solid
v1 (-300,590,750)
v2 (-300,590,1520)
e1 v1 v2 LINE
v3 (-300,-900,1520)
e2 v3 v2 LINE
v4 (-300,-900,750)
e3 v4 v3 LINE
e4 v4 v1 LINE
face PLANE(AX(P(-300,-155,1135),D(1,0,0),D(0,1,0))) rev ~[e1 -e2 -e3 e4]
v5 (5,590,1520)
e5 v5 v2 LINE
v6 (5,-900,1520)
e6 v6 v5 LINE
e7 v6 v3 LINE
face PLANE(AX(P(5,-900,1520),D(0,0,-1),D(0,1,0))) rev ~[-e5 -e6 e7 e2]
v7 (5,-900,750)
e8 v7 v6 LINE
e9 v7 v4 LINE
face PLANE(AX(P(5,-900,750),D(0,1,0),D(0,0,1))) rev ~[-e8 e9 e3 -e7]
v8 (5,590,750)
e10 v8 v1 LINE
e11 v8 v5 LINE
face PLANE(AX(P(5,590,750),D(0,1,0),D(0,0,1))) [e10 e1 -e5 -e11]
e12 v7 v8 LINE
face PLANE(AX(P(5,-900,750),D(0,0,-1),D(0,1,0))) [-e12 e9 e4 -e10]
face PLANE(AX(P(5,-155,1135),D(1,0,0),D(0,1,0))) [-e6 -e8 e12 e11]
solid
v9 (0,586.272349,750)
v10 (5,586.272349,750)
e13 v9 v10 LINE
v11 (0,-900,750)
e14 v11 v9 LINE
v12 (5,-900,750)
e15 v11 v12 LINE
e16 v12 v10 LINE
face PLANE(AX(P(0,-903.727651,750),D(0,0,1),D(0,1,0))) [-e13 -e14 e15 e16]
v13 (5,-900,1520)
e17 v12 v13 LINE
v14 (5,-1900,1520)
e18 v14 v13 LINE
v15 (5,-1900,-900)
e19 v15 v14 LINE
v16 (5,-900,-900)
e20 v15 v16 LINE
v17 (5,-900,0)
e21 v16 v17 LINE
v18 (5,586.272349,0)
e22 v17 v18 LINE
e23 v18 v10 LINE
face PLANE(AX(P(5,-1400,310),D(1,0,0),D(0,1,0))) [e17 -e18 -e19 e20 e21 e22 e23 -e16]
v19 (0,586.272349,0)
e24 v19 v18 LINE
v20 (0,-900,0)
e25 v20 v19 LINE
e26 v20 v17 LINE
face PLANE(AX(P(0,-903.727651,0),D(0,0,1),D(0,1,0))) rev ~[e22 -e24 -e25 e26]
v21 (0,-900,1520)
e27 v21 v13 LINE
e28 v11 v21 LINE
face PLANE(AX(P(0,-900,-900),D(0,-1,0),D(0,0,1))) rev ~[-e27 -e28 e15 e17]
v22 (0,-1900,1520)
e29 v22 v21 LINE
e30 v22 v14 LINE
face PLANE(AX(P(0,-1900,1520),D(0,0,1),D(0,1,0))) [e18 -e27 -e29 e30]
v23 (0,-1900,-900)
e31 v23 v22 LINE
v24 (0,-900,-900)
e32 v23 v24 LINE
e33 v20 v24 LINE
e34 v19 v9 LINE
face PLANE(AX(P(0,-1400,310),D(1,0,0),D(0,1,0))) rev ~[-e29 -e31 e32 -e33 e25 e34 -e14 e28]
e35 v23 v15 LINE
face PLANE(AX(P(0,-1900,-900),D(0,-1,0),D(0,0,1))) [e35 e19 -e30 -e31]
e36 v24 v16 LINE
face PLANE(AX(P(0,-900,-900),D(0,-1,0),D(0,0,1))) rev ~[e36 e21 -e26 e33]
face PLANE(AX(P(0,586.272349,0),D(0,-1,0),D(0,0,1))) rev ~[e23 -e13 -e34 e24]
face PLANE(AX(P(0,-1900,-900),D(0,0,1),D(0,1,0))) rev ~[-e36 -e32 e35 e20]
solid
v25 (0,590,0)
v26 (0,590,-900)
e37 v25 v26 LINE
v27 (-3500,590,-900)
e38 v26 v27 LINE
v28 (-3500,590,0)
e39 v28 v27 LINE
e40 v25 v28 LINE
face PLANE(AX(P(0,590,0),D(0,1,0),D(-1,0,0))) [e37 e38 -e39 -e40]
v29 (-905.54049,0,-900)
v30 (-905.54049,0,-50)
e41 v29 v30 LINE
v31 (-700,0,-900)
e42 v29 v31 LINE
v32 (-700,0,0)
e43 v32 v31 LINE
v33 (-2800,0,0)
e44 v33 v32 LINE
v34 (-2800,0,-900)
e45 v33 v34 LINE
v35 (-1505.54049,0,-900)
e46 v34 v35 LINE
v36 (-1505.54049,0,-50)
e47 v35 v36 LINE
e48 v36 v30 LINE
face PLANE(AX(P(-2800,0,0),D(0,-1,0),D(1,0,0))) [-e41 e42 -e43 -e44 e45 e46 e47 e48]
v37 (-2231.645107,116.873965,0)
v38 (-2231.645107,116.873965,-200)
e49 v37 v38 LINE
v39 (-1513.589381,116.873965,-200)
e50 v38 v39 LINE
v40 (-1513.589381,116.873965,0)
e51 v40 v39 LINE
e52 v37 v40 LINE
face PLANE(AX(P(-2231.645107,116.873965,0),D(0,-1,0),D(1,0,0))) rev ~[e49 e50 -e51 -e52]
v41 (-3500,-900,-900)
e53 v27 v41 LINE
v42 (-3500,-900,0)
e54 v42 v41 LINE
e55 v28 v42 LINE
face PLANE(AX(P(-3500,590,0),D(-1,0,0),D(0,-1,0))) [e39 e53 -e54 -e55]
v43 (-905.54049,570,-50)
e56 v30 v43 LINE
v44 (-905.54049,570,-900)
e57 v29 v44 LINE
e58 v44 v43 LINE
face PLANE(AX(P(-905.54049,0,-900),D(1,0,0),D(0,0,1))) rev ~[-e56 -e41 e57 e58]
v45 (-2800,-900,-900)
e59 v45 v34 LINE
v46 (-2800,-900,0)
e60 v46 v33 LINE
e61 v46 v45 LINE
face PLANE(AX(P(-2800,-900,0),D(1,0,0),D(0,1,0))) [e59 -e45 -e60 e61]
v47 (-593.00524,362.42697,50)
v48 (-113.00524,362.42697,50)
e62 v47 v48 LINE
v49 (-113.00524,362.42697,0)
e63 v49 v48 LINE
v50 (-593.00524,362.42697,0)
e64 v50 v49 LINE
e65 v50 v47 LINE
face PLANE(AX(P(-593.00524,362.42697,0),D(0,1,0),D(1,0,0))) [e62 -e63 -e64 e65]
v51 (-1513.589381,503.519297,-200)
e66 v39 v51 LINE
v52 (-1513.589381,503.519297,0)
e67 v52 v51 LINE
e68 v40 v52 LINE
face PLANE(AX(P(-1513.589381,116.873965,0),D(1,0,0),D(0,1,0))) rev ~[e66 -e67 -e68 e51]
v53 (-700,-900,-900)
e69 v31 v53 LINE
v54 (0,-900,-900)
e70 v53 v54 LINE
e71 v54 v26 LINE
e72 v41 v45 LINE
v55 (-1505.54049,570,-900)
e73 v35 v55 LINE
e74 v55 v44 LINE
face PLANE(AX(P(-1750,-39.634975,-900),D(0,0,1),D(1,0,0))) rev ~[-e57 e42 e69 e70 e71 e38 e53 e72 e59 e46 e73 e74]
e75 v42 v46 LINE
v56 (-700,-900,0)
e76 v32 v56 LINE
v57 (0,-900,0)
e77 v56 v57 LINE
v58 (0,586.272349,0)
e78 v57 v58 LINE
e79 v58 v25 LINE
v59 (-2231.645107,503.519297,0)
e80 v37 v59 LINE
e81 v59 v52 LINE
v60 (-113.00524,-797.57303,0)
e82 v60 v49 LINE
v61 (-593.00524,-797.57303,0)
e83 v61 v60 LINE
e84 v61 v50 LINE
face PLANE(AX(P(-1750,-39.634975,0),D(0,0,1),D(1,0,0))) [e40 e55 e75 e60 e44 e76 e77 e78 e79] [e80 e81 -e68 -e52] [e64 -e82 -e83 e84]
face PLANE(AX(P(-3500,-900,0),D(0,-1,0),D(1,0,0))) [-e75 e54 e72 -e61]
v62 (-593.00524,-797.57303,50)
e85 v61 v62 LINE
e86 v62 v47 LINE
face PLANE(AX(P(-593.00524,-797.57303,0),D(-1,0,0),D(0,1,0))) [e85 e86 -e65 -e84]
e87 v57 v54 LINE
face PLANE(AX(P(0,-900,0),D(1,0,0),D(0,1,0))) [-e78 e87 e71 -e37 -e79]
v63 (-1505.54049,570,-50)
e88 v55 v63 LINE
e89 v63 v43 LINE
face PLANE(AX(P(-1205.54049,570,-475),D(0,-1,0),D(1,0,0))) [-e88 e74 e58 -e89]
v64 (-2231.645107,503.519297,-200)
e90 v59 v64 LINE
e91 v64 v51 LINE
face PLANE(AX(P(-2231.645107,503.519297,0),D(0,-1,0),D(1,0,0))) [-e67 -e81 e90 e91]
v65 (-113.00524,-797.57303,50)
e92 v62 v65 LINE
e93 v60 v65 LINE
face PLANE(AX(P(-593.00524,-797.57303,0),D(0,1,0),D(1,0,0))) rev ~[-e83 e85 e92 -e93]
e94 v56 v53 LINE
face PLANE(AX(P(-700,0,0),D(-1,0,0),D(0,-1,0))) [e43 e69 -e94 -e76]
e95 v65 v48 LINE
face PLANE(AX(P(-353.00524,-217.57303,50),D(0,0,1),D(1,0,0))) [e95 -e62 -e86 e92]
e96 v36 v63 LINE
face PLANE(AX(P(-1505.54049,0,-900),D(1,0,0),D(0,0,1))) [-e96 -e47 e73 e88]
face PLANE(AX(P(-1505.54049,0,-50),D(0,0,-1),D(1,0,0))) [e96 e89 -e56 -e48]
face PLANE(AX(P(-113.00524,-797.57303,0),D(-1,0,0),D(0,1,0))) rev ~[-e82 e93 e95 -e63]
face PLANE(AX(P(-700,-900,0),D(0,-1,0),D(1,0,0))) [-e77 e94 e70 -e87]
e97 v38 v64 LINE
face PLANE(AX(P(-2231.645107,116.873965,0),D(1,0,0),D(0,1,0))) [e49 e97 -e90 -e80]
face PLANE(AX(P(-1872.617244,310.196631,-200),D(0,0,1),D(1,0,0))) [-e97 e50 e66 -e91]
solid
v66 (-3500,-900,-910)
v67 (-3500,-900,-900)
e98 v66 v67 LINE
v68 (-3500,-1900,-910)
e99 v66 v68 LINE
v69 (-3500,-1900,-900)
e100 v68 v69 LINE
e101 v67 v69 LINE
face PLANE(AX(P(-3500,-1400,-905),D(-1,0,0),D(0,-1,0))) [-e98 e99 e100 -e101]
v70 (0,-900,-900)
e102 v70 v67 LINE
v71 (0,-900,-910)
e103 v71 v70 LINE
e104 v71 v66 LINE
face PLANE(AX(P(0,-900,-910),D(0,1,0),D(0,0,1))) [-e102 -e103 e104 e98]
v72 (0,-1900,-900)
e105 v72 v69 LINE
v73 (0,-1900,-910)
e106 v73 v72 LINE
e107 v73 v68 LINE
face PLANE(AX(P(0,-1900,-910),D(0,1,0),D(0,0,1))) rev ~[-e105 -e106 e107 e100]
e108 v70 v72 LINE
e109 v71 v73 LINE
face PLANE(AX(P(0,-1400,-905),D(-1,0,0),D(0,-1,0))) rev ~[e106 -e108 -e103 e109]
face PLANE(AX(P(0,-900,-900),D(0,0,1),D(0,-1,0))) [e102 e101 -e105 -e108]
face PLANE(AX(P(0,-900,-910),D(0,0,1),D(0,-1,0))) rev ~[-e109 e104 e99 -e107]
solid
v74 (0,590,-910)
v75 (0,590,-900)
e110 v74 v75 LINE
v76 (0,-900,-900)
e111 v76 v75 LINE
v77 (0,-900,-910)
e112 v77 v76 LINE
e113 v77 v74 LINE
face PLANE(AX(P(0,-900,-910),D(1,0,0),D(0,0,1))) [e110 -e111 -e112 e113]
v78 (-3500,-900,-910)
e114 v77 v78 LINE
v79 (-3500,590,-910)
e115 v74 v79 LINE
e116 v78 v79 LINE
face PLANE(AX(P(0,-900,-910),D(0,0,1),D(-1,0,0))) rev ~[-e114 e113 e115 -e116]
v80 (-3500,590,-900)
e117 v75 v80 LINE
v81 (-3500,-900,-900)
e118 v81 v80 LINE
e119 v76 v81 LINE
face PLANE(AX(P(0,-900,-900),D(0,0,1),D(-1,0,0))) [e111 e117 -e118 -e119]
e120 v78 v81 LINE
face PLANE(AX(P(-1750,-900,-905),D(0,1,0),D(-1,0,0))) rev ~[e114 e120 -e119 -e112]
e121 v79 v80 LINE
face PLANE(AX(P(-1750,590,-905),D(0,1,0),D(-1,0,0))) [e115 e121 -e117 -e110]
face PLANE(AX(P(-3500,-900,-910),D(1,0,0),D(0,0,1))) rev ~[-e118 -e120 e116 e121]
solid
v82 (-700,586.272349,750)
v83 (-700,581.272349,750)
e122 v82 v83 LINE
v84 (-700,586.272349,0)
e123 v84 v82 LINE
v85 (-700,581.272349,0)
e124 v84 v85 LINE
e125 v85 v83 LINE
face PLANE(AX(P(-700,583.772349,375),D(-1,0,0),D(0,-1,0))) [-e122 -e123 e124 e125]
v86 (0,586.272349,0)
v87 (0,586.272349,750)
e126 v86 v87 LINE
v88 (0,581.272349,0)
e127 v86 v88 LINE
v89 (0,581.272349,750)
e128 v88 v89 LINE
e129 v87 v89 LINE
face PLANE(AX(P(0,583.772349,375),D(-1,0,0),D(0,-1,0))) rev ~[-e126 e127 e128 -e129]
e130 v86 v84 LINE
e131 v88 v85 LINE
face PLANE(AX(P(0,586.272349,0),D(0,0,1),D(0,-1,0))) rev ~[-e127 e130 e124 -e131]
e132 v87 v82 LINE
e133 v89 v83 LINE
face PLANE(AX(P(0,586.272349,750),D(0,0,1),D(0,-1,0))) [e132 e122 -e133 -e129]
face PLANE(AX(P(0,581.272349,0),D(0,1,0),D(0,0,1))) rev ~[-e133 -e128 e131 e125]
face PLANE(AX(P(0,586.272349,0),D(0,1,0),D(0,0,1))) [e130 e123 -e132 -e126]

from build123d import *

# Parameters (mm, degrees)
F1_DEPTH   = 900
F2_W       = 718.055725
F2_H       = 386.645332
F3_DEPTH   = 200
F2_W_2     = 480
F2_H_2     = 1160
F4_DEPTH   = 50
F5_W       = 600
F5_H       = 850
F6_DEPTH   = 570
F7_W       = 1490
F7_H       = 750
F8_DEPTH   = 5
F9_W       = 5
F9_H       = 750
F10_DEPTH  = 700
F11_W      = 1000
F11_H      = 2420
F12_DEPTH  = 5
F13_W      = 1000
F13_H      = 10
F14_DEPTH  = 3500
F14_FACE_W = 3500
F14_FACE_H = 10
F15_DEPTH  = 1490
F16_W      = 1490
F16_H      = 770
F17_DEPTH  = 305


with BuildPart() as f1:
    # F0 (on Top) → F1 (new body)
    with BuildSketch(Plane.XY):
        Polygon((0, 0), (0, 590), (-3500, 590), (-3500, 0), (-3500, -900), (-2800, -900), (-2800, 0), (-700, 0), (-700, -900), (0, -900), align=None)
    extrude(amount=-F1_DEPTH)

    # F2 (on face) → F3 (cut)
    with BuildSketch(Plane.XY):
        with Locations((-1872.617244, 310.196631)):
            Rectangle(F2_W, F2_H)
    extrude(amount=-F3_DEPTH, mode=Mode.SUBTRACT)

    # F2 (on face) → F4 (join)
    with BuildSketch(Plane.XY):
        with Locations((-353.00524, -217.57303)):
            Rectangle(F2_W_2, F2_H_2)
    extrude(amount=F4_DEPTH)

    # F5 (on face) → F6 (cut)
    with BuildSketch(Plane.XZ):
        with Locations((-1205.54049, -475)):
            Rectangle(F5_W, F5_H)
    extrude(amount=-F6_DEPTH, mode=Mode.SUBTRACT)



with BuildPart() as f8:
    # F7 (on Right) → F8 (new body)
    with BuildSketch(Plane.YZ):
        with Locations((-158.727651, 375)):
            Rectangle(F7_W, F7_H)
    extrude(amount=F8_DEPTH)


with BuildPart() as f10:
    # F9 (on face) → F10 (new body)
    with BuildSketch(Plane(origin=(0, 0, 0), x_dir=(0, -1, 0), z_dir=(-1, 0, 0))):
        with Locations((-583.772349, 375)):
            Rectangle(F9_W, F9_H)
    extrude(amount=F10_DEPTH)


with BuildPart() as f1_1:
    add(f1.part)

    add(f8.part)  # F12 merges F8
    # F11 (on face) → F12 (join)
    with BuildSketch(Plane.YZ):
        with Locations((-1400, 310)):
            Rectangle(F11_W, F11_H)
    extrude(amount=F12_DEPTH)


with BuildPart() as f14:
    # F13 (on face) → F14 (new body)
    with BuildSketch(Plane(origin=(0, 0, 0), x_dir=(0, -1, 0), z_dir=(-1, 0, 0))):
        with Locations((1400, -905)):
            Rectangle(F13_W, F13_H)
    extrude(amount=F14_DEPTH)


with BuildPart() as f15:
    # F14_face (on face) → F15 (new body)
    with BuildSketch(Plane(origin=(-1750, -900, -905), x_dir=(-1, 0, 0), z_dir=(0, 1, 0))):
        Rectangle(F14_FACE_W, F14_FACE_H)
    extrude(amount=F15_DEPTH)


with BuildPart() as f17:
    # F16 (on face) → F17 (new body)
    with BuildSketch(Plane.YZ.offset(5)):
        with Locations((-155, 1135)):
            Rectangle(F16_W, F16_H)
    extrude(amount=-F17_DEPTH)


solid = Compound([f10.part, f1_1.part, f14.part, f15.part, f17.part])
